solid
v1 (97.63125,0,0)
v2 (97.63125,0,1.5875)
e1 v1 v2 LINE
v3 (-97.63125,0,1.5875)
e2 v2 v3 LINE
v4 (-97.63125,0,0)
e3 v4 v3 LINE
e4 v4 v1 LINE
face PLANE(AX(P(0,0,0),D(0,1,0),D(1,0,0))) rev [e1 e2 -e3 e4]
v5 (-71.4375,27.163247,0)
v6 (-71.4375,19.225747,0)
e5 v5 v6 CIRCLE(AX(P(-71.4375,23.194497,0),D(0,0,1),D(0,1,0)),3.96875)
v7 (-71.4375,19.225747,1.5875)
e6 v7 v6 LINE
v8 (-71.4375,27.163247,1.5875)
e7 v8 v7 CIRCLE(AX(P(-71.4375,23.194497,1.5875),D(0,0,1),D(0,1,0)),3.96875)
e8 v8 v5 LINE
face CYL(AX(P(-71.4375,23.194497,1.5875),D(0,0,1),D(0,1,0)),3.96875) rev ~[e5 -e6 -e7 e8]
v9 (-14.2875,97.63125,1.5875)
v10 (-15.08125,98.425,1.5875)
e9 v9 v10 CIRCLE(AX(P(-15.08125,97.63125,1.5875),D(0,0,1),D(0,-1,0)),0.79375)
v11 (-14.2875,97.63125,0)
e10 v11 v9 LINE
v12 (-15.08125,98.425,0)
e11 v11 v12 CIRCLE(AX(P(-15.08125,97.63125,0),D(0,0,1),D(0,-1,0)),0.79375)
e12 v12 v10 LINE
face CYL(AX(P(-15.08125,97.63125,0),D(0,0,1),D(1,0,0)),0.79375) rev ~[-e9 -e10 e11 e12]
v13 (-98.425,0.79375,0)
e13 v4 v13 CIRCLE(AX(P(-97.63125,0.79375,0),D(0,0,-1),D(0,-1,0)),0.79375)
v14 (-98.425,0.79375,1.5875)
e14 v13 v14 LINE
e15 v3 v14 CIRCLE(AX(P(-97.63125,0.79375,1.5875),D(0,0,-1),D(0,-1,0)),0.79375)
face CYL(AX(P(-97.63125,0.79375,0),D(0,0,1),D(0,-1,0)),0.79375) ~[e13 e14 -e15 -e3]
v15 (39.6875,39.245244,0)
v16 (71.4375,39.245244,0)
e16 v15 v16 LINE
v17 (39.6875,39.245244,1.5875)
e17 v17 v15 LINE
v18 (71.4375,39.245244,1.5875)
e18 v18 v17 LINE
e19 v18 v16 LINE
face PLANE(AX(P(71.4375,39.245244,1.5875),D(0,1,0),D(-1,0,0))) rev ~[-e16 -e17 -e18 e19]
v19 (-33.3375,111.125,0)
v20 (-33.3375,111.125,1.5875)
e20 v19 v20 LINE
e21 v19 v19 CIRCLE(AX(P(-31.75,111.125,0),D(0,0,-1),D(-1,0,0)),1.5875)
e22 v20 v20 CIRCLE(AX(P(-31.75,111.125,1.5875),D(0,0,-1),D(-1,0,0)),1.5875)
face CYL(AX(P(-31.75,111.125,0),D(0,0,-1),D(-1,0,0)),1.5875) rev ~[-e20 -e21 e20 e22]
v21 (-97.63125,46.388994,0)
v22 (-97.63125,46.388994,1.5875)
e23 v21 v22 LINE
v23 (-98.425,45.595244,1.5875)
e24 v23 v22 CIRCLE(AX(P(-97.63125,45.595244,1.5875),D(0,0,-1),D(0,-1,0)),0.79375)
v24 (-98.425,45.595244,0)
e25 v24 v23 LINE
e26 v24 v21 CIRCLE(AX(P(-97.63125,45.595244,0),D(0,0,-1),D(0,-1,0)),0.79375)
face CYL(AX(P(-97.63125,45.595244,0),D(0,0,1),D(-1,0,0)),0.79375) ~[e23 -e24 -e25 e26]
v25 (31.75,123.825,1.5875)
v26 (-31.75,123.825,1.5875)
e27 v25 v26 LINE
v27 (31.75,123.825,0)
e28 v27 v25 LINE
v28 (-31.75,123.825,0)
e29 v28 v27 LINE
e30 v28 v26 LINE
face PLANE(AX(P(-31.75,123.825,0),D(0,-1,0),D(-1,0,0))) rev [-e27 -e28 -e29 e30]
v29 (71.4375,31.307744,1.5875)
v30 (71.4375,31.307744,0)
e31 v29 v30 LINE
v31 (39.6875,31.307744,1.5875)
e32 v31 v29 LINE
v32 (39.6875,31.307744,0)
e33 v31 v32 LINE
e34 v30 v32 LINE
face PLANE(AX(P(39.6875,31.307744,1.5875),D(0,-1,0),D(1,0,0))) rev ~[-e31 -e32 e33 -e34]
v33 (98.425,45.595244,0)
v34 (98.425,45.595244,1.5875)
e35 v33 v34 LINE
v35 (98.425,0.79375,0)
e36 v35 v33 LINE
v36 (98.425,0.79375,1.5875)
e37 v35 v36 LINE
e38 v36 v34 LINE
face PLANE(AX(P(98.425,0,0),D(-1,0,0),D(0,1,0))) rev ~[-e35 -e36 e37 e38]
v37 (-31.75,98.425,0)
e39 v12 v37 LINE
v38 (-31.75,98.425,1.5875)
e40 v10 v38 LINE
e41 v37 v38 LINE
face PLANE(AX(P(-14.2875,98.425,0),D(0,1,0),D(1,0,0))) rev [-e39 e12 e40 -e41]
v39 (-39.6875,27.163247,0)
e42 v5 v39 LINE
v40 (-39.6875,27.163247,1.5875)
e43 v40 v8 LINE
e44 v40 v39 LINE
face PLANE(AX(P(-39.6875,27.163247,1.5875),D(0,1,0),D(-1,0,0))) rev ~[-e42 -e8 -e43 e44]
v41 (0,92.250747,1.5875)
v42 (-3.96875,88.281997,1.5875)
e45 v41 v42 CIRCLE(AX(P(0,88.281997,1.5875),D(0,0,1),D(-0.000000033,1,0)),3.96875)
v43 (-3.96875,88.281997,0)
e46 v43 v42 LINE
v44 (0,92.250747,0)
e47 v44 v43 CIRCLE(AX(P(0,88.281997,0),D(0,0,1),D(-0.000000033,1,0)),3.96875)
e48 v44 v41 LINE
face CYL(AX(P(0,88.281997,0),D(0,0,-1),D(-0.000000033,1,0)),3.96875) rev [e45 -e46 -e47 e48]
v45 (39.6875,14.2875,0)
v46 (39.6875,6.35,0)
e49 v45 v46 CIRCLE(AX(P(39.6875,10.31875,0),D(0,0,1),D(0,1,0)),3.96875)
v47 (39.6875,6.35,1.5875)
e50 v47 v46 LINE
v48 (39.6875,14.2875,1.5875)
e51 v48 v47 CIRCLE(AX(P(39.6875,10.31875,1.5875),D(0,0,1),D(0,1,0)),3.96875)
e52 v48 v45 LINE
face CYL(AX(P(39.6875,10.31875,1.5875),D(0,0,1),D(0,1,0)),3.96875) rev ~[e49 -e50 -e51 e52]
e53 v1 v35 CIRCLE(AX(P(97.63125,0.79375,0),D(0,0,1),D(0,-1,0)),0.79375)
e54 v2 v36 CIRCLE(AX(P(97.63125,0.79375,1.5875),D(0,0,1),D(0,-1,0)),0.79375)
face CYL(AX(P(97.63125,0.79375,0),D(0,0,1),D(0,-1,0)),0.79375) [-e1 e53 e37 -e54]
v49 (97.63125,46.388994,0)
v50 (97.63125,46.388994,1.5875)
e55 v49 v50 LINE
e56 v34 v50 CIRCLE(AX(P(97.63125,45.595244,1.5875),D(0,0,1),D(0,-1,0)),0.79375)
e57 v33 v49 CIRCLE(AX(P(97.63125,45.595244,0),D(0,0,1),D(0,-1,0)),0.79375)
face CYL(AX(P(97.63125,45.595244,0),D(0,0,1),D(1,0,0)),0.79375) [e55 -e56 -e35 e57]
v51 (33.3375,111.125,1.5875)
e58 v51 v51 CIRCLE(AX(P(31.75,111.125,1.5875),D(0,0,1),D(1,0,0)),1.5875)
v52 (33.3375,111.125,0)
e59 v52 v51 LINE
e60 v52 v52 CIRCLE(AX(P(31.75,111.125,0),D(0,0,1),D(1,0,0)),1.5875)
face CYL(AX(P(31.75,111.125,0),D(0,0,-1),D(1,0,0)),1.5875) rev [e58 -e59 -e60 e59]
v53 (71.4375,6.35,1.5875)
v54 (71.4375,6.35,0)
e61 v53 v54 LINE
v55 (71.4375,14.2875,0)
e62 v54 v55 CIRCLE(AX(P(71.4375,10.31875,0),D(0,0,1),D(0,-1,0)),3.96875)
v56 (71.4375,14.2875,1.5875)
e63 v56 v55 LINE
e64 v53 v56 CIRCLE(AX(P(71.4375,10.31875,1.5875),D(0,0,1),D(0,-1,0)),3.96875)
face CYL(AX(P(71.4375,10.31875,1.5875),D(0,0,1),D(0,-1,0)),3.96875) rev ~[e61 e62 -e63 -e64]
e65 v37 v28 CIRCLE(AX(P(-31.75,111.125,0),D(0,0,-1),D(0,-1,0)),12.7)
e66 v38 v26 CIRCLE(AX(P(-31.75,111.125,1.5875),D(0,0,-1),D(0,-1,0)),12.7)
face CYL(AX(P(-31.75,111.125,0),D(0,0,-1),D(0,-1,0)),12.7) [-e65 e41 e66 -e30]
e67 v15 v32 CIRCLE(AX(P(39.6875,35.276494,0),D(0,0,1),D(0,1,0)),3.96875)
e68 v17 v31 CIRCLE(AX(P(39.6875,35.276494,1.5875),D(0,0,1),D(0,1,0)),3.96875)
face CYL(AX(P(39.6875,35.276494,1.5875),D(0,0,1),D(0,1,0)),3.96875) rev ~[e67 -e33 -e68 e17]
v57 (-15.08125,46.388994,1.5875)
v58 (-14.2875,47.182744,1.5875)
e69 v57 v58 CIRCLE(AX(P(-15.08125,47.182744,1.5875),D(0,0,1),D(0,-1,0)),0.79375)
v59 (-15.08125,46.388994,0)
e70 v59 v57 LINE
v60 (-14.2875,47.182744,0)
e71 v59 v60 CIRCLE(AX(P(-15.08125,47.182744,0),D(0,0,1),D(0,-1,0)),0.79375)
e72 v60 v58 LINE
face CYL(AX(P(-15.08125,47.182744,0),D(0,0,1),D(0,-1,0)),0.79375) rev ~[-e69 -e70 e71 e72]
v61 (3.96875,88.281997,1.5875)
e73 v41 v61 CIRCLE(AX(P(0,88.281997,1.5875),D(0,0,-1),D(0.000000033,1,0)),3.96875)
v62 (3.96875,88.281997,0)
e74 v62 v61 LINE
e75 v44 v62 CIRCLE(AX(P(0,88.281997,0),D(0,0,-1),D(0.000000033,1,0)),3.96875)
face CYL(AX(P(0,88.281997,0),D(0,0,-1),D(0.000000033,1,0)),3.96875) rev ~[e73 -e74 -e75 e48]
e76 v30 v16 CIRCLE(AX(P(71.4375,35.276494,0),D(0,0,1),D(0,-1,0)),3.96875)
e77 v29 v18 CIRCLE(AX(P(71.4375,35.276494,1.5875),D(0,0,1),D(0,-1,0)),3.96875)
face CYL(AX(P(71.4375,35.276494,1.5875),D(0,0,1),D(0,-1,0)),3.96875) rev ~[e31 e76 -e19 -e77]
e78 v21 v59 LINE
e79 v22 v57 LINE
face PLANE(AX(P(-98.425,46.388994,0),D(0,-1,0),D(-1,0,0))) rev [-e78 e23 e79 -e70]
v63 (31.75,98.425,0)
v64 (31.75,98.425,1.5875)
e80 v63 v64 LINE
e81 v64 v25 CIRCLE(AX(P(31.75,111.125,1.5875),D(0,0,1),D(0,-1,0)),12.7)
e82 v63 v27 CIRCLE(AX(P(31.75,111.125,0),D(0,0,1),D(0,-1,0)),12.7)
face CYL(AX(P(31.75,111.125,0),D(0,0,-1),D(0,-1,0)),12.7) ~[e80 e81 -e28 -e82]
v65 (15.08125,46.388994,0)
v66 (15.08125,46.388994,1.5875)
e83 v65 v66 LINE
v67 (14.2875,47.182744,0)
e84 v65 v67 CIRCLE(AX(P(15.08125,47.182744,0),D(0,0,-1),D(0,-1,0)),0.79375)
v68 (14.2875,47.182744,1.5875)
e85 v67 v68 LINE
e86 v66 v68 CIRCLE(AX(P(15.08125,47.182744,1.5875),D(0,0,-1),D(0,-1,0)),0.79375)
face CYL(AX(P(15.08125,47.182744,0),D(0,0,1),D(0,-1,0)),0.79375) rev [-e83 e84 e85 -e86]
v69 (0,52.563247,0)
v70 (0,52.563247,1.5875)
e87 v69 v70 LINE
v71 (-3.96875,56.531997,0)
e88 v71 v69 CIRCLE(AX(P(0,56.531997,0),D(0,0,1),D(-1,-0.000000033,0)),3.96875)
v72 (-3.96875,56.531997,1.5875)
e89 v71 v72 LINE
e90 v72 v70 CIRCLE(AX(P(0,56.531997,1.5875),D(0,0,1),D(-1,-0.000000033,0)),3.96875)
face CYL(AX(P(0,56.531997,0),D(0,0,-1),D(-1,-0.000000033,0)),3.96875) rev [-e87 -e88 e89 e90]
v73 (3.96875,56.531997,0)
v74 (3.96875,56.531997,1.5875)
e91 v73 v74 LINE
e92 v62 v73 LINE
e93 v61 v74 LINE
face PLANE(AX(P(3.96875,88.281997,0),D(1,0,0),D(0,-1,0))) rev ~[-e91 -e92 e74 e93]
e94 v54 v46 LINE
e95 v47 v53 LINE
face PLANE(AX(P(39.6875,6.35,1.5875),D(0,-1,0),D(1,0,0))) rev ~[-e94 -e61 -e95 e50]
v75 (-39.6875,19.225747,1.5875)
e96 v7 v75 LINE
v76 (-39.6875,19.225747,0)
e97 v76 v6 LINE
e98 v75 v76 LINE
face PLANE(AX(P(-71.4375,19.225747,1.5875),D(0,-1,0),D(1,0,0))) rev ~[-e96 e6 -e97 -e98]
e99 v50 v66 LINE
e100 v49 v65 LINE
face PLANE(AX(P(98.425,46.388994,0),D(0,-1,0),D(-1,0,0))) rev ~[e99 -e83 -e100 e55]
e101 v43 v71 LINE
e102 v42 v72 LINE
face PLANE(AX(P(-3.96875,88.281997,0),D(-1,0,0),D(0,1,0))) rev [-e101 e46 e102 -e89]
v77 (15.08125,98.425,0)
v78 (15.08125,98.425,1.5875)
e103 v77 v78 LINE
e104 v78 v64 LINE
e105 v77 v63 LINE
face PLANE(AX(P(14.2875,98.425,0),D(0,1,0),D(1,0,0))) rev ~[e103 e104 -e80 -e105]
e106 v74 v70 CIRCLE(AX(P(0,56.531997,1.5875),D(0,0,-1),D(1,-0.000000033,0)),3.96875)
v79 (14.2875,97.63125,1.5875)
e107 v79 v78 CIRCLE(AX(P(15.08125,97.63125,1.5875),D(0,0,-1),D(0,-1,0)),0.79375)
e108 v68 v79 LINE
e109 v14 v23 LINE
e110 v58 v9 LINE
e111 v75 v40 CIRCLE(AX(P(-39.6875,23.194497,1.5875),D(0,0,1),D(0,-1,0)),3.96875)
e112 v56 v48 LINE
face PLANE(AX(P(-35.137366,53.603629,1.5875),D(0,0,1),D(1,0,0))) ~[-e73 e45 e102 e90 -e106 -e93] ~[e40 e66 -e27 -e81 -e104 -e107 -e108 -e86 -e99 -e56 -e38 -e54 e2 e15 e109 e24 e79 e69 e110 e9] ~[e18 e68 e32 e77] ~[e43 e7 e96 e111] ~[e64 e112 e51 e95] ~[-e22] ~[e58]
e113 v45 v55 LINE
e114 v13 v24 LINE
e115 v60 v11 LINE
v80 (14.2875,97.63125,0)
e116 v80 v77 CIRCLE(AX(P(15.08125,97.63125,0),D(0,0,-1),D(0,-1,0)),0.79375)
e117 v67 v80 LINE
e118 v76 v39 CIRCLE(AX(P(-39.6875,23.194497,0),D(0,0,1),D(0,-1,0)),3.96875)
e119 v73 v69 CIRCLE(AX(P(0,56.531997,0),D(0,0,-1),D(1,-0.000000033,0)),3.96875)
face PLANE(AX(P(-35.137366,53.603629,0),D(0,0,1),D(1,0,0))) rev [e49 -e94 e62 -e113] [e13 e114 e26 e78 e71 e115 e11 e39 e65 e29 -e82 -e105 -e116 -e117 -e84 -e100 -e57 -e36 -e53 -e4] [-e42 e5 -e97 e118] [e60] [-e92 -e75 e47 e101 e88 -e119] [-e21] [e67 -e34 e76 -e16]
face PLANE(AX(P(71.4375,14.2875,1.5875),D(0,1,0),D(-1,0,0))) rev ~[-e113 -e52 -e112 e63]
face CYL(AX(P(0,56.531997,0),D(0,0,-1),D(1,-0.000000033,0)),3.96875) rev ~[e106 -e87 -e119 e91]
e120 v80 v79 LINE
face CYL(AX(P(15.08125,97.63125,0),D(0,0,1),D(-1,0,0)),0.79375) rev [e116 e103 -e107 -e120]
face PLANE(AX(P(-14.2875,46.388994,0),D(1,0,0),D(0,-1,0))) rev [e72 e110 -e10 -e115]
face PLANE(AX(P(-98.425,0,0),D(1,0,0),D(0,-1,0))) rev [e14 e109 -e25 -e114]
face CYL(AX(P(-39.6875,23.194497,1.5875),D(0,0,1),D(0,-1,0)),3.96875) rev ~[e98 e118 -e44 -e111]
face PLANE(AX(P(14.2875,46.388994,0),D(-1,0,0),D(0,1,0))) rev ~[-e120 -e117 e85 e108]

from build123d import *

# Parameters (mm, degrees)
F0_R     = 1.5875
F1_DEPTH = 1.5875
F2_R     = 0.79375
F5_DEPTH = 1.5885


with BuildPart() as f1:
    # F0 (on Top) → F1 (new body)
    with BuildSketch(Plane.XY):
        with BuildLine():
            Line((0, 52.563247), (0, 0))
            Line((0, 0), (98.425, 0))
            Line((98.425, 0), (98.425, 46.388994))
            Line((98.425, 46.388994), (14.2875, 46.388994))
            Line((14.2875, 46.388994), (14.2875, 98.425))
            Line((14.2875, 98.425), (31.75, 98.425))
            ThreePointArc((31.75, 98.425), (44.45, 111.125), (31.75, 123.825))
            Line((31.75, 123.825), (0, 123.825))
            Line((0, 123.825), (0, 92.250747))
            ThreePointArc((0, 92.250747), (2.80633, 91.088327), (3.96875, 88.281997))
            Line((3.96875, 88.281997), (3.96875, 56.531997))
            ThreePointArc((3.96875, 56.531997), (2.80633, 53.725667), (0, 52.563247))
        make_face()
        with BuildLine():
            Line((71.4375, 6.35), (39.6875, 6.35))
            ThreePointArc((39.6875, 6.35), (35.71875, 10.31875), (39.6875, 14.2875))
            Line((39.6875, 14.2875), (71.4375, 14.2875))
            ThreePointArc((71.4375, 14.2875), (75.40625, 10.31875), (71.4375, 6.35))
        make_face(mode=Mode.SUBTRACT)
        with BuildLine():
            Line((71.4375, 31.307744), (39.6875, 31.307744))
            ThreePointArc((39.6875, 31.307744), (35.71875, 35.276494), (39.6875, 39.245244))
            Line((39.6875, 39.245244), (71.4375, 39.245244))
            ThreePointArc((71.4375, 39.245244), (75.40625, 35.276494), (71.4375, 31.307744))
        make_face(mode=Mode.SUBTRACT)
        with Locations((31.75, 111.125)):
            Circle(F0_R, mode=Mode.SUBTRACT)
        with BuildLine():
            ThreePointArc((39.6875, 39.245244), (35.71875, 35.276494), (39.6875, 31.307744))
            Line((39.6875, 31.307744), (71.4375, 31.307744))
            ThreePointArc((71.4375, 31.307744), (75.40625, 35.276494), (71.4375, 39.245244))
            Line((71.4375, 39.245244), (39.6875, 39.245244))
        make_face()
        with BuildLine():
            ThreePointArc((39.6875, 14.2875), (35.71875, 10.31875), (39.6875, 6.35))
            Line((39.6875, 6.35), (71.4375, 6.35))
            ThreePointArc((71.4375, 6.35), (75.40625, 10.31875), (71.4375, 14.2875))
            Line((71.4375, 14.2875), (39.6875, 14.2875))
        make_face()
    extrude(amount=F1_DEPTH)

    # F2
    f2_edges = [f1.edges().sort_by_distance(p)[0] for p in [
        (14.2875, 98.425, 0.79375),
        (14.2875, 46.388994, 0.79375),
        (98.425, 46.388994, 0.79375),
        (98.425, 0, 0.79375),
    ]]
    fillet(f2_edges, radius=F2_R)

    # F3: F1 across plane


with BuildPart() as f1_1:
    add(f1.part)
    add(f1.part.mirror(Plane.YZ))

    # F4 (on face) → F5 (cut, through all)
    with BuildSketch(Plane.XY.offset(1.5875)):
        with BuildLine():
            ThreePointArc((-71.4375, 27.163247), (-75.40625, 23.194497), (-71.4375, 19.225747))
            Line((-71.4375, 19.225747), (-39.6875, 19.225747))
            ThreePointArc((-39.6875, 19.225747), (-35.71875, 23.194497), (-39.6875, 27.163247))
            Line((-39.6875, 27.163247), (-71.4375, 27.163247))
        make_face()
        with BuildLine():
            Line((71.4375, 39.245244), (39.6875, 39.245244))
            ThreePointArc((39.6875, 39.245244), (35.71875, 35.276494), (39.6875, 31.307744))
            Line((39.6875, 31.307744), (71.4375, 31.307744))
            ThreePointArc((71.4375, 31.307744), (75.40625, 35.276494), (71.4375, 39.245244))
        make_face()
        with BuildLine():
            ThreePointArc((39.6875, 14.2875), (35.71875, 10.31875), (39.6875, 6.35))
            Line((39.6875, 6.35), (71.4375, 6.35))
            ThreePointArc((71.4375, 6.35), (75.40625, 10.31875), (71.4375, 14.2875))
            Line((71.4375, 14.2875), (39.6875, 14.2875))
        make_face()
    extrude(amount=-F5_DEPTH, mode=Mode.SUBTRACT)


solid = f1_1.part
